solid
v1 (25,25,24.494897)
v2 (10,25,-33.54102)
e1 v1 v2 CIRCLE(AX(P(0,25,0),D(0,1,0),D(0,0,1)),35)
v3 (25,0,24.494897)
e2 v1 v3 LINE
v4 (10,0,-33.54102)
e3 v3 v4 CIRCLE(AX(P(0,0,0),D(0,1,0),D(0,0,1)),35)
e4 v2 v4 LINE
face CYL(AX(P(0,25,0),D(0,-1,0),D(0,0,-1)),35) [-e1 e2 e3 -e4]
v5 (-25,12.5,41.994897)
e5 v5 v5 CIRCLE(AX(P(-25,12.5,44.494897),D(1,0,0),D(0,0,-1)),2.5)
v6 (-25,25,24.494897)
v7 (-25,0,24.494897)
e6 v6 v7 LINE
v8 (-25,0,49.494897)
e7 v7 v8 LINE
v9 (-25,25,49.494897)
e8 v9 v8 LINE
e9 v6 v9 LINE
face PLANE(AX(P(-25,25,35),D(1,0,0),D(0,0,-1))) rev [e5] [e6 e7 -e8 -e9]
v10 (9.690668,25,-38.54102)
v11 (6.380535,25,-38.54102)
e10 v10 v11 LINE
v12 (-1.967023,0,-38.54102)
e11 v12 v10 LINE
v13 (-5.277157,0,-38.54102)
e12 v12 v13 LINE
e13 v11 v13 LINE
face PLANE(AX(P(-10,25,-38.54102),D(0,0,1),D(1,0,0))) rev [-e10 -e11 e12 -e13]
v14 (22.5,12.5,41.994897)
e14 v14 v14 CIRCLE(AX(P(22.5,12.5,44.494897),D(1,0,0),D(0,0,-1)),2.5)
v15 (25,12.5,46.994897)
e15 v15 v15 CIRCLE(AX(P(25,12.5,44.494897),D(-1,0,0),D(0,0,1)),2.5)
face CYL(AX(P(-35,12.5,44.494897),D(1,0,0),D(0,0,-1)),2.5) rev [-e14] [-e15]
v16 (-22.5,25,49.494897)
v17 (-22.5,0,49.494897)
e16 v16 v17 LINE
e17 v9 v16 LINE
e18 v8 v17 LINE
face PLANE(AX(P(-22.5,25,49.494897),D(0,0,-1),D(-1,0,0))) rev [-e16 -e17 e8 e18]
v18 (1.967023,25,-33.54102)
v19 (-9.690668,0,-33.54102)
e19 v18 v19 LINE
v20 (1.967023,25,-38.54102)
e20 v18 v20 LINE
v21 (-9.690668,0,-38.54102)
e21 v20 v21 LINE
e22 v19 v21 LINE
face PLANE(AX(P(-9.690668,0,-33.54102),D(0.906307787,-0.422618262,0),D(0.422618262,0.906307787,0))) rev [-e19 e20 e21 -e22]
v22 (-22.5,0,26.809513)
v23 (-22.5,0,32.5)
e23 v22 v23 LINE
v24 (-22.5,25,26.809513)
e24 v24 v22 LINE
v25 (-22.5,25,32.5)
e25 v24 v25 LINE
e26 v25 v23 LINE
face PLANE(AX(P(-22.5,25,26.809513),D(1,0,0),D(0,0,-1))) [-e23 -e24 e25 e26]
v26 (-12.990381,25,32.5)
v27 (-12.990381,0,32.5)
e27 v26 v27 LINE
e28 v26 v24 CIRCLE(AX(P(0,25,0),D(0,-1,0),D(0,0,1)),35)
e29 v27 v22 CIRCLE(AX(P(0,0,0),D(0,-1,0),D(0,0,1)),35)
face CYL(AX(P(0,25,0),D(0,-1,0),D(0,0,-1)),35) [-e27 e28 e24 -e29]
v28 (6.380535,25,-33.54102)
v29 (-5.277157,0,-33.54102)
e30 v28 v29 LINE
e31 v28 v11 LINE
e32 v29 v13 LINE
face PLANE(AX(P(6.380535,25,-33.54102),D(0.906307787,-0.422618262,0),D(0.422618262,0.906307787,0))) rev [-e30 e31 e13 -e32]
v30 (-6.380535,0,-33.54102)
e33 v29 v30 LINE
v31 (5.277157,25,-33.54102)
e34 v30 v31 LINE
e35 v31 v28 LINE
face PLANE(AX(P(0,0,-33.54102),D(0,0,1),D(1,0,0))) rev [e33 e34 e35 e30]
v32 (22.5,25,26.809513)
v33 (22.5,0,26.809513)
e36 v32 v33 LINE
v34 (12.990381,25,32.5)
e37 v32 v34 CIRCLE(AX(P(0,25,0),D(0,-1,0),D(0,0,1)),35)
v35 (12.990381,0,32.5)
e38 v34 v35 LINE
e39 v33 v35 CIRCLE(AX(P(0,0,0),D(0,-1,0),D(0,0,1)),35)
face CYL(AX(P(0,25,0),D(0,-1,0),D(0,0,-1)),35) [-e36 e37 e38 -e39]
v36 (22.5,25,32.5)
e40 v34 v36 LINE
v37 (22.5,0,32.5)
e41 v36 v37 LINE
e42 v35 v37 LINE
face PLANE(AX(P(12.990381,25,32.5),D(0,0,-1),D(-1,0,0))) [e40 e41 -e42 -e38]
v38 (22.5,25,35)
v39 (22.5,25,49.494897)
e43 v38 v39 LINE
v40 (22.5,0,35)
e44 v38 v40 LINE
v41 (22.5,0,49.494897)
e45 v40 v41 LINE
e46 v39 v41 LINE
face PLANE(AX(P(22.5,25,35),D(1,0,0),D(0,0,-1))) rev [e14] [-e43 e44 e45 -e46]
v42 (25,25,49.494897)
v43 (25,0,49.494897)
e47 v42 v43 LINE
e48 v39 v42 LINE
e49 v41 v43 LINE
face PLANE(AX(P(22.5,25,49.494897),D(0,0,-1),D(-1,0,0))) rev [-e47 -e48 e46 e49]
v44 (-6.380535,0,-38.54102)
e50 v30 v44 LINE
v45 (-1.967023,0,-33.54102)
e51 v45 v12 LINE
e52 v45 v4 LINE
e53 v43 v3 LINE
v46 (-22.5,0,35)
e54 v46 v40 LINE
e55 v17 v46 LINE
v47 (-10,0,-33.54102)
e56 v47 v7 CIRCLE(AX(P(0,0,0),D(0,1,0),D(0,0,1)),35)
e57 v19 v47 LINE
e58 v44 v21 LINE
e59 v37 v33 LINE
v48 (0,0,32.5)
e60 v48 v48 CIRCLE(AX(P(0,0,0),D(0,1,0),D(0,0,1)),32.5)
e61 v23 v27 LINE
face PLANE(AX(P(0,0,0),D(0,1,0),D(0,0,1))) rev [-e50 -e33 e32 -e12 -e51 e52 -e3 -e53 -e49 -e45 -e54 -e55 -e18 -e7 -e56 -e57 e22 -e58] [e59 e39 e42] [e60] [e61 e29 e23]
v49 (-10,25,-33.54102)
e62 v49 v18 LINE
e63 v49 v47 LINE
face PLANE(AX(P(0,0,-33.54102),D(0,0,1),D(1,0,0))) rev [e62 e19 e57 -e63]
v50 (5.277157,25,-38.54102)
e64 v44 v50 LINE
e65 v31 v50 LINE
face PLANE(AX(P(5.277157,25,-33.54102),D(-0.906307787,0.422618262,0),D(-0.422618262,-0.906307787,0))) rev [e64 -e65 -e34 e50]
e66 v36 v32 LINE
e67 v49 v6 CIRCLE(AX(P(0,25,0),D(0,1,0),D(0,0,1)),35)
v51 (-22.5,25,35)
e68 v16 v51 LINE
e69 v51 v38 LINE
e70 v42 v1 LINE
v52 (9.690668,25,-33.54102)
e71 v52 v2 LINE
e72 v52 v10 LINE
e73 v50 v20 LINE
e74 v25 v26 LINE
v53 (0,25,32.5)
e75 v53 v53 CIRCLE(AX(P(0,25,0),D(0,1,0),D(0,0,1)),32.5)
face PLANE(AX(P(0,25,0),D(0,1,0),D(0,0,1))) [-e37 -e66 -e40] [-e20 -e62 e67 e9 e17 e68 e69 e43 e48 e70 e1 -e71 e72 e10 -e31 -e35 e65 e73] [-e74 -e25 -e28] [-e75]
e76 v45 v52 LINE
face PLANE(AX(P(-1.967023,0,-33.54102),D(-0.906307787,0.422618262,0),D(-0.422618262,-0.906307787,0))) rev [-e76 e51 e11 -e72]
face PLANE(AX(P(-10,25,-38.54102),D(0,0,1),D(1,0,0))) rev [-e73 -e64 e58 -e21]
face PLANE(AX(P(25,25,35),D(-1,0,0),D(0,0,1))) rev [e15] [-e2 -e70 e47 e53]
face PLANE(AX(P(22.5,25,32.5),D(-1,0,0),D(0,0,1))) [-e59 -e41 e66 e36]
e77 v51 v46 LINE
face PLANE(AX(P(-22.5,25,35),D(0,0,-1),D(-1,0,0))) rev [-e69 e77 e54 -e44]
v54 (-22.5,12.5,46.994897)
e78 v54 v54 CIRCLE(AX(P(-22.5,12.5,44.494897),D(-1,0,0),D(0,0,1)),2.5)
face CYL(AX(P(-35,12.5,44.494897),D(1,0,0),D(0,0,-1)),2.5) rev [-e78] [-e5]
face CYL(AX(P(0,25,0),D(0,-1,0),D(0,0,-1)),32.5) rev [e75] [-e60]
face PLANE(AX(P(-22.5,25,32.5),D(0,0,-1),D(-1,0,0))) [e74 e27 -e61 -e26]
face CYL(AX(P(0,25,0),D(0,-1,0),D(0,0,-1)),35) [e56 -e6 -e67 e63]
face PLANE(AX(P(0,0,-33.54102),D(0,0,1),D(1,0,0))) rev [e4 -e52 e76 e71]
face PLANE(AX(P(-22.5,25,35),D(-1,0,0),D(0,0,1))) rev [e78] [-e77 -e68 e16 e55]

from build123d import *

# Parameters (mm, degrees)
SKETCH1_R               = 32.5
BOSS_EXTRUDE1_DEPTH     = 25
CUT_EXTRUDE1_DEPTH      = 5
CUT_EXTRUDE2_DEPTH      = 82.699111815
CUT_EXTRUDE2_DEPTH_BACK = 82.699111815
SKETCH3_R               = 2.5


with BuildPart() as part:
    # Sketch1 → Boss-Extrude1 (new body)
    with BuildSketch(Plane(origin=(0, 0, 0), x_dir=(1, 0, 0), z_dir=(0, 1, 0))):
        with BuildLine():
            Line((-22.5, -35), (22.5, -35))
            Line((22.5, -35), (22.5, -49.494897428))
            Line((22.5, -49.494897428), (25, -49.494897428))
            Line((25, -49.494897428), (25, -35))
            Line((25, -35), (25, -24.494897428))
            ThreePointArc((25, -24.494897428), (33.886456264, 8.758315013), (10, 33.541019662))
            Line((10, 33.541019662), (10, 38.541019662))
            Line((10, 38.541019662), (-10, 38.541019662))
            Line((-10, 38.541019662), (-10, 33.541019662))
            ThreePointArc((-10, 33.541019662), (-33.886456264, 8.758315013), (-25, -24.494897428))
            Line((-25, -24.494897428), (-25, -35))
            Line((-25, -35), (-25, -49.494897428))
            Line((-25, -49.494897428), (-22.5, -49.494897428))
            Line((-22.5, -49.494897428), (-22.5, -35))
        make_face()
        Circle(SKETCH1_R, mode=Mode.SUBTRACT)
        with BuildLine():
            Line((-22.5, -26.809513237), (-22.5, -32.5))
            Line((-22.5, -32.5), (-12.990381057, -32.5))
            ThreePointArc((-12.990381057, -32.5), (-17.971844557, -30.033527985), (-22.5, -26.809513237))
        make_face(mode=Mode.SUBTRACT)
        with BuildLine():
            Line((22.5, -32.5), (22.5, -26.809513237))
            ThreePointArc((22.5, -26.809513237), (17.971844557, -30.033527985), (12.990381057, -32.5))
            Line((12.990381057, -32.5), (22.5, -32.5))
        make_face(mode=Mode.SUBTRACT)
    extrude(amount=BOSS_EXTRUDE1_DEPTH)

    # Sketch2 → Cut-Extrude1 (cut)
    with BuildSketch(Plane(origin=(0, 0, -38.541019662), x_dir=(-1, 0, 0), z_dir=(0, 0, -1))):
        Polygon((-6.380534686, 25), (5.277156767, 0), (6.380534686, 0), (-5.277156767, 25), align=None)
        Polygon((-1.967023011, 25), (10, 25), (10, 0), (9.690668443, 0), align=None)
        Polygon((-9.690668443, 25), (-10, 25), (-10, -0.029833576), (1.967023011, 0), align=None)
    extrude(amount=-CUT_EXTRUDE1_DEPTH, mode=Mode.SUBTRACT)

    # Sketch3 → Cut-Extrude2 (cut, two sides: drawn at the far end of the back side and taken through both)
    with BuildSketch(Plane(origin=(25, 0, 0), x_dir=(0, 0, -1), z_dir=(1, 0, 0)).offset(-CUT_EXTRUDE2_DEPTH_BACK)):
        with Locations((-44.494897428, 12.5)):
            Circle(SKETCH3_R)
    extrude(amount=CUT_EXTRUDE2_DEPTH + CUT_EXTRUDE2_DEPTH_BACK, mode=Mode.SUBTRACT)


solid = part.part
